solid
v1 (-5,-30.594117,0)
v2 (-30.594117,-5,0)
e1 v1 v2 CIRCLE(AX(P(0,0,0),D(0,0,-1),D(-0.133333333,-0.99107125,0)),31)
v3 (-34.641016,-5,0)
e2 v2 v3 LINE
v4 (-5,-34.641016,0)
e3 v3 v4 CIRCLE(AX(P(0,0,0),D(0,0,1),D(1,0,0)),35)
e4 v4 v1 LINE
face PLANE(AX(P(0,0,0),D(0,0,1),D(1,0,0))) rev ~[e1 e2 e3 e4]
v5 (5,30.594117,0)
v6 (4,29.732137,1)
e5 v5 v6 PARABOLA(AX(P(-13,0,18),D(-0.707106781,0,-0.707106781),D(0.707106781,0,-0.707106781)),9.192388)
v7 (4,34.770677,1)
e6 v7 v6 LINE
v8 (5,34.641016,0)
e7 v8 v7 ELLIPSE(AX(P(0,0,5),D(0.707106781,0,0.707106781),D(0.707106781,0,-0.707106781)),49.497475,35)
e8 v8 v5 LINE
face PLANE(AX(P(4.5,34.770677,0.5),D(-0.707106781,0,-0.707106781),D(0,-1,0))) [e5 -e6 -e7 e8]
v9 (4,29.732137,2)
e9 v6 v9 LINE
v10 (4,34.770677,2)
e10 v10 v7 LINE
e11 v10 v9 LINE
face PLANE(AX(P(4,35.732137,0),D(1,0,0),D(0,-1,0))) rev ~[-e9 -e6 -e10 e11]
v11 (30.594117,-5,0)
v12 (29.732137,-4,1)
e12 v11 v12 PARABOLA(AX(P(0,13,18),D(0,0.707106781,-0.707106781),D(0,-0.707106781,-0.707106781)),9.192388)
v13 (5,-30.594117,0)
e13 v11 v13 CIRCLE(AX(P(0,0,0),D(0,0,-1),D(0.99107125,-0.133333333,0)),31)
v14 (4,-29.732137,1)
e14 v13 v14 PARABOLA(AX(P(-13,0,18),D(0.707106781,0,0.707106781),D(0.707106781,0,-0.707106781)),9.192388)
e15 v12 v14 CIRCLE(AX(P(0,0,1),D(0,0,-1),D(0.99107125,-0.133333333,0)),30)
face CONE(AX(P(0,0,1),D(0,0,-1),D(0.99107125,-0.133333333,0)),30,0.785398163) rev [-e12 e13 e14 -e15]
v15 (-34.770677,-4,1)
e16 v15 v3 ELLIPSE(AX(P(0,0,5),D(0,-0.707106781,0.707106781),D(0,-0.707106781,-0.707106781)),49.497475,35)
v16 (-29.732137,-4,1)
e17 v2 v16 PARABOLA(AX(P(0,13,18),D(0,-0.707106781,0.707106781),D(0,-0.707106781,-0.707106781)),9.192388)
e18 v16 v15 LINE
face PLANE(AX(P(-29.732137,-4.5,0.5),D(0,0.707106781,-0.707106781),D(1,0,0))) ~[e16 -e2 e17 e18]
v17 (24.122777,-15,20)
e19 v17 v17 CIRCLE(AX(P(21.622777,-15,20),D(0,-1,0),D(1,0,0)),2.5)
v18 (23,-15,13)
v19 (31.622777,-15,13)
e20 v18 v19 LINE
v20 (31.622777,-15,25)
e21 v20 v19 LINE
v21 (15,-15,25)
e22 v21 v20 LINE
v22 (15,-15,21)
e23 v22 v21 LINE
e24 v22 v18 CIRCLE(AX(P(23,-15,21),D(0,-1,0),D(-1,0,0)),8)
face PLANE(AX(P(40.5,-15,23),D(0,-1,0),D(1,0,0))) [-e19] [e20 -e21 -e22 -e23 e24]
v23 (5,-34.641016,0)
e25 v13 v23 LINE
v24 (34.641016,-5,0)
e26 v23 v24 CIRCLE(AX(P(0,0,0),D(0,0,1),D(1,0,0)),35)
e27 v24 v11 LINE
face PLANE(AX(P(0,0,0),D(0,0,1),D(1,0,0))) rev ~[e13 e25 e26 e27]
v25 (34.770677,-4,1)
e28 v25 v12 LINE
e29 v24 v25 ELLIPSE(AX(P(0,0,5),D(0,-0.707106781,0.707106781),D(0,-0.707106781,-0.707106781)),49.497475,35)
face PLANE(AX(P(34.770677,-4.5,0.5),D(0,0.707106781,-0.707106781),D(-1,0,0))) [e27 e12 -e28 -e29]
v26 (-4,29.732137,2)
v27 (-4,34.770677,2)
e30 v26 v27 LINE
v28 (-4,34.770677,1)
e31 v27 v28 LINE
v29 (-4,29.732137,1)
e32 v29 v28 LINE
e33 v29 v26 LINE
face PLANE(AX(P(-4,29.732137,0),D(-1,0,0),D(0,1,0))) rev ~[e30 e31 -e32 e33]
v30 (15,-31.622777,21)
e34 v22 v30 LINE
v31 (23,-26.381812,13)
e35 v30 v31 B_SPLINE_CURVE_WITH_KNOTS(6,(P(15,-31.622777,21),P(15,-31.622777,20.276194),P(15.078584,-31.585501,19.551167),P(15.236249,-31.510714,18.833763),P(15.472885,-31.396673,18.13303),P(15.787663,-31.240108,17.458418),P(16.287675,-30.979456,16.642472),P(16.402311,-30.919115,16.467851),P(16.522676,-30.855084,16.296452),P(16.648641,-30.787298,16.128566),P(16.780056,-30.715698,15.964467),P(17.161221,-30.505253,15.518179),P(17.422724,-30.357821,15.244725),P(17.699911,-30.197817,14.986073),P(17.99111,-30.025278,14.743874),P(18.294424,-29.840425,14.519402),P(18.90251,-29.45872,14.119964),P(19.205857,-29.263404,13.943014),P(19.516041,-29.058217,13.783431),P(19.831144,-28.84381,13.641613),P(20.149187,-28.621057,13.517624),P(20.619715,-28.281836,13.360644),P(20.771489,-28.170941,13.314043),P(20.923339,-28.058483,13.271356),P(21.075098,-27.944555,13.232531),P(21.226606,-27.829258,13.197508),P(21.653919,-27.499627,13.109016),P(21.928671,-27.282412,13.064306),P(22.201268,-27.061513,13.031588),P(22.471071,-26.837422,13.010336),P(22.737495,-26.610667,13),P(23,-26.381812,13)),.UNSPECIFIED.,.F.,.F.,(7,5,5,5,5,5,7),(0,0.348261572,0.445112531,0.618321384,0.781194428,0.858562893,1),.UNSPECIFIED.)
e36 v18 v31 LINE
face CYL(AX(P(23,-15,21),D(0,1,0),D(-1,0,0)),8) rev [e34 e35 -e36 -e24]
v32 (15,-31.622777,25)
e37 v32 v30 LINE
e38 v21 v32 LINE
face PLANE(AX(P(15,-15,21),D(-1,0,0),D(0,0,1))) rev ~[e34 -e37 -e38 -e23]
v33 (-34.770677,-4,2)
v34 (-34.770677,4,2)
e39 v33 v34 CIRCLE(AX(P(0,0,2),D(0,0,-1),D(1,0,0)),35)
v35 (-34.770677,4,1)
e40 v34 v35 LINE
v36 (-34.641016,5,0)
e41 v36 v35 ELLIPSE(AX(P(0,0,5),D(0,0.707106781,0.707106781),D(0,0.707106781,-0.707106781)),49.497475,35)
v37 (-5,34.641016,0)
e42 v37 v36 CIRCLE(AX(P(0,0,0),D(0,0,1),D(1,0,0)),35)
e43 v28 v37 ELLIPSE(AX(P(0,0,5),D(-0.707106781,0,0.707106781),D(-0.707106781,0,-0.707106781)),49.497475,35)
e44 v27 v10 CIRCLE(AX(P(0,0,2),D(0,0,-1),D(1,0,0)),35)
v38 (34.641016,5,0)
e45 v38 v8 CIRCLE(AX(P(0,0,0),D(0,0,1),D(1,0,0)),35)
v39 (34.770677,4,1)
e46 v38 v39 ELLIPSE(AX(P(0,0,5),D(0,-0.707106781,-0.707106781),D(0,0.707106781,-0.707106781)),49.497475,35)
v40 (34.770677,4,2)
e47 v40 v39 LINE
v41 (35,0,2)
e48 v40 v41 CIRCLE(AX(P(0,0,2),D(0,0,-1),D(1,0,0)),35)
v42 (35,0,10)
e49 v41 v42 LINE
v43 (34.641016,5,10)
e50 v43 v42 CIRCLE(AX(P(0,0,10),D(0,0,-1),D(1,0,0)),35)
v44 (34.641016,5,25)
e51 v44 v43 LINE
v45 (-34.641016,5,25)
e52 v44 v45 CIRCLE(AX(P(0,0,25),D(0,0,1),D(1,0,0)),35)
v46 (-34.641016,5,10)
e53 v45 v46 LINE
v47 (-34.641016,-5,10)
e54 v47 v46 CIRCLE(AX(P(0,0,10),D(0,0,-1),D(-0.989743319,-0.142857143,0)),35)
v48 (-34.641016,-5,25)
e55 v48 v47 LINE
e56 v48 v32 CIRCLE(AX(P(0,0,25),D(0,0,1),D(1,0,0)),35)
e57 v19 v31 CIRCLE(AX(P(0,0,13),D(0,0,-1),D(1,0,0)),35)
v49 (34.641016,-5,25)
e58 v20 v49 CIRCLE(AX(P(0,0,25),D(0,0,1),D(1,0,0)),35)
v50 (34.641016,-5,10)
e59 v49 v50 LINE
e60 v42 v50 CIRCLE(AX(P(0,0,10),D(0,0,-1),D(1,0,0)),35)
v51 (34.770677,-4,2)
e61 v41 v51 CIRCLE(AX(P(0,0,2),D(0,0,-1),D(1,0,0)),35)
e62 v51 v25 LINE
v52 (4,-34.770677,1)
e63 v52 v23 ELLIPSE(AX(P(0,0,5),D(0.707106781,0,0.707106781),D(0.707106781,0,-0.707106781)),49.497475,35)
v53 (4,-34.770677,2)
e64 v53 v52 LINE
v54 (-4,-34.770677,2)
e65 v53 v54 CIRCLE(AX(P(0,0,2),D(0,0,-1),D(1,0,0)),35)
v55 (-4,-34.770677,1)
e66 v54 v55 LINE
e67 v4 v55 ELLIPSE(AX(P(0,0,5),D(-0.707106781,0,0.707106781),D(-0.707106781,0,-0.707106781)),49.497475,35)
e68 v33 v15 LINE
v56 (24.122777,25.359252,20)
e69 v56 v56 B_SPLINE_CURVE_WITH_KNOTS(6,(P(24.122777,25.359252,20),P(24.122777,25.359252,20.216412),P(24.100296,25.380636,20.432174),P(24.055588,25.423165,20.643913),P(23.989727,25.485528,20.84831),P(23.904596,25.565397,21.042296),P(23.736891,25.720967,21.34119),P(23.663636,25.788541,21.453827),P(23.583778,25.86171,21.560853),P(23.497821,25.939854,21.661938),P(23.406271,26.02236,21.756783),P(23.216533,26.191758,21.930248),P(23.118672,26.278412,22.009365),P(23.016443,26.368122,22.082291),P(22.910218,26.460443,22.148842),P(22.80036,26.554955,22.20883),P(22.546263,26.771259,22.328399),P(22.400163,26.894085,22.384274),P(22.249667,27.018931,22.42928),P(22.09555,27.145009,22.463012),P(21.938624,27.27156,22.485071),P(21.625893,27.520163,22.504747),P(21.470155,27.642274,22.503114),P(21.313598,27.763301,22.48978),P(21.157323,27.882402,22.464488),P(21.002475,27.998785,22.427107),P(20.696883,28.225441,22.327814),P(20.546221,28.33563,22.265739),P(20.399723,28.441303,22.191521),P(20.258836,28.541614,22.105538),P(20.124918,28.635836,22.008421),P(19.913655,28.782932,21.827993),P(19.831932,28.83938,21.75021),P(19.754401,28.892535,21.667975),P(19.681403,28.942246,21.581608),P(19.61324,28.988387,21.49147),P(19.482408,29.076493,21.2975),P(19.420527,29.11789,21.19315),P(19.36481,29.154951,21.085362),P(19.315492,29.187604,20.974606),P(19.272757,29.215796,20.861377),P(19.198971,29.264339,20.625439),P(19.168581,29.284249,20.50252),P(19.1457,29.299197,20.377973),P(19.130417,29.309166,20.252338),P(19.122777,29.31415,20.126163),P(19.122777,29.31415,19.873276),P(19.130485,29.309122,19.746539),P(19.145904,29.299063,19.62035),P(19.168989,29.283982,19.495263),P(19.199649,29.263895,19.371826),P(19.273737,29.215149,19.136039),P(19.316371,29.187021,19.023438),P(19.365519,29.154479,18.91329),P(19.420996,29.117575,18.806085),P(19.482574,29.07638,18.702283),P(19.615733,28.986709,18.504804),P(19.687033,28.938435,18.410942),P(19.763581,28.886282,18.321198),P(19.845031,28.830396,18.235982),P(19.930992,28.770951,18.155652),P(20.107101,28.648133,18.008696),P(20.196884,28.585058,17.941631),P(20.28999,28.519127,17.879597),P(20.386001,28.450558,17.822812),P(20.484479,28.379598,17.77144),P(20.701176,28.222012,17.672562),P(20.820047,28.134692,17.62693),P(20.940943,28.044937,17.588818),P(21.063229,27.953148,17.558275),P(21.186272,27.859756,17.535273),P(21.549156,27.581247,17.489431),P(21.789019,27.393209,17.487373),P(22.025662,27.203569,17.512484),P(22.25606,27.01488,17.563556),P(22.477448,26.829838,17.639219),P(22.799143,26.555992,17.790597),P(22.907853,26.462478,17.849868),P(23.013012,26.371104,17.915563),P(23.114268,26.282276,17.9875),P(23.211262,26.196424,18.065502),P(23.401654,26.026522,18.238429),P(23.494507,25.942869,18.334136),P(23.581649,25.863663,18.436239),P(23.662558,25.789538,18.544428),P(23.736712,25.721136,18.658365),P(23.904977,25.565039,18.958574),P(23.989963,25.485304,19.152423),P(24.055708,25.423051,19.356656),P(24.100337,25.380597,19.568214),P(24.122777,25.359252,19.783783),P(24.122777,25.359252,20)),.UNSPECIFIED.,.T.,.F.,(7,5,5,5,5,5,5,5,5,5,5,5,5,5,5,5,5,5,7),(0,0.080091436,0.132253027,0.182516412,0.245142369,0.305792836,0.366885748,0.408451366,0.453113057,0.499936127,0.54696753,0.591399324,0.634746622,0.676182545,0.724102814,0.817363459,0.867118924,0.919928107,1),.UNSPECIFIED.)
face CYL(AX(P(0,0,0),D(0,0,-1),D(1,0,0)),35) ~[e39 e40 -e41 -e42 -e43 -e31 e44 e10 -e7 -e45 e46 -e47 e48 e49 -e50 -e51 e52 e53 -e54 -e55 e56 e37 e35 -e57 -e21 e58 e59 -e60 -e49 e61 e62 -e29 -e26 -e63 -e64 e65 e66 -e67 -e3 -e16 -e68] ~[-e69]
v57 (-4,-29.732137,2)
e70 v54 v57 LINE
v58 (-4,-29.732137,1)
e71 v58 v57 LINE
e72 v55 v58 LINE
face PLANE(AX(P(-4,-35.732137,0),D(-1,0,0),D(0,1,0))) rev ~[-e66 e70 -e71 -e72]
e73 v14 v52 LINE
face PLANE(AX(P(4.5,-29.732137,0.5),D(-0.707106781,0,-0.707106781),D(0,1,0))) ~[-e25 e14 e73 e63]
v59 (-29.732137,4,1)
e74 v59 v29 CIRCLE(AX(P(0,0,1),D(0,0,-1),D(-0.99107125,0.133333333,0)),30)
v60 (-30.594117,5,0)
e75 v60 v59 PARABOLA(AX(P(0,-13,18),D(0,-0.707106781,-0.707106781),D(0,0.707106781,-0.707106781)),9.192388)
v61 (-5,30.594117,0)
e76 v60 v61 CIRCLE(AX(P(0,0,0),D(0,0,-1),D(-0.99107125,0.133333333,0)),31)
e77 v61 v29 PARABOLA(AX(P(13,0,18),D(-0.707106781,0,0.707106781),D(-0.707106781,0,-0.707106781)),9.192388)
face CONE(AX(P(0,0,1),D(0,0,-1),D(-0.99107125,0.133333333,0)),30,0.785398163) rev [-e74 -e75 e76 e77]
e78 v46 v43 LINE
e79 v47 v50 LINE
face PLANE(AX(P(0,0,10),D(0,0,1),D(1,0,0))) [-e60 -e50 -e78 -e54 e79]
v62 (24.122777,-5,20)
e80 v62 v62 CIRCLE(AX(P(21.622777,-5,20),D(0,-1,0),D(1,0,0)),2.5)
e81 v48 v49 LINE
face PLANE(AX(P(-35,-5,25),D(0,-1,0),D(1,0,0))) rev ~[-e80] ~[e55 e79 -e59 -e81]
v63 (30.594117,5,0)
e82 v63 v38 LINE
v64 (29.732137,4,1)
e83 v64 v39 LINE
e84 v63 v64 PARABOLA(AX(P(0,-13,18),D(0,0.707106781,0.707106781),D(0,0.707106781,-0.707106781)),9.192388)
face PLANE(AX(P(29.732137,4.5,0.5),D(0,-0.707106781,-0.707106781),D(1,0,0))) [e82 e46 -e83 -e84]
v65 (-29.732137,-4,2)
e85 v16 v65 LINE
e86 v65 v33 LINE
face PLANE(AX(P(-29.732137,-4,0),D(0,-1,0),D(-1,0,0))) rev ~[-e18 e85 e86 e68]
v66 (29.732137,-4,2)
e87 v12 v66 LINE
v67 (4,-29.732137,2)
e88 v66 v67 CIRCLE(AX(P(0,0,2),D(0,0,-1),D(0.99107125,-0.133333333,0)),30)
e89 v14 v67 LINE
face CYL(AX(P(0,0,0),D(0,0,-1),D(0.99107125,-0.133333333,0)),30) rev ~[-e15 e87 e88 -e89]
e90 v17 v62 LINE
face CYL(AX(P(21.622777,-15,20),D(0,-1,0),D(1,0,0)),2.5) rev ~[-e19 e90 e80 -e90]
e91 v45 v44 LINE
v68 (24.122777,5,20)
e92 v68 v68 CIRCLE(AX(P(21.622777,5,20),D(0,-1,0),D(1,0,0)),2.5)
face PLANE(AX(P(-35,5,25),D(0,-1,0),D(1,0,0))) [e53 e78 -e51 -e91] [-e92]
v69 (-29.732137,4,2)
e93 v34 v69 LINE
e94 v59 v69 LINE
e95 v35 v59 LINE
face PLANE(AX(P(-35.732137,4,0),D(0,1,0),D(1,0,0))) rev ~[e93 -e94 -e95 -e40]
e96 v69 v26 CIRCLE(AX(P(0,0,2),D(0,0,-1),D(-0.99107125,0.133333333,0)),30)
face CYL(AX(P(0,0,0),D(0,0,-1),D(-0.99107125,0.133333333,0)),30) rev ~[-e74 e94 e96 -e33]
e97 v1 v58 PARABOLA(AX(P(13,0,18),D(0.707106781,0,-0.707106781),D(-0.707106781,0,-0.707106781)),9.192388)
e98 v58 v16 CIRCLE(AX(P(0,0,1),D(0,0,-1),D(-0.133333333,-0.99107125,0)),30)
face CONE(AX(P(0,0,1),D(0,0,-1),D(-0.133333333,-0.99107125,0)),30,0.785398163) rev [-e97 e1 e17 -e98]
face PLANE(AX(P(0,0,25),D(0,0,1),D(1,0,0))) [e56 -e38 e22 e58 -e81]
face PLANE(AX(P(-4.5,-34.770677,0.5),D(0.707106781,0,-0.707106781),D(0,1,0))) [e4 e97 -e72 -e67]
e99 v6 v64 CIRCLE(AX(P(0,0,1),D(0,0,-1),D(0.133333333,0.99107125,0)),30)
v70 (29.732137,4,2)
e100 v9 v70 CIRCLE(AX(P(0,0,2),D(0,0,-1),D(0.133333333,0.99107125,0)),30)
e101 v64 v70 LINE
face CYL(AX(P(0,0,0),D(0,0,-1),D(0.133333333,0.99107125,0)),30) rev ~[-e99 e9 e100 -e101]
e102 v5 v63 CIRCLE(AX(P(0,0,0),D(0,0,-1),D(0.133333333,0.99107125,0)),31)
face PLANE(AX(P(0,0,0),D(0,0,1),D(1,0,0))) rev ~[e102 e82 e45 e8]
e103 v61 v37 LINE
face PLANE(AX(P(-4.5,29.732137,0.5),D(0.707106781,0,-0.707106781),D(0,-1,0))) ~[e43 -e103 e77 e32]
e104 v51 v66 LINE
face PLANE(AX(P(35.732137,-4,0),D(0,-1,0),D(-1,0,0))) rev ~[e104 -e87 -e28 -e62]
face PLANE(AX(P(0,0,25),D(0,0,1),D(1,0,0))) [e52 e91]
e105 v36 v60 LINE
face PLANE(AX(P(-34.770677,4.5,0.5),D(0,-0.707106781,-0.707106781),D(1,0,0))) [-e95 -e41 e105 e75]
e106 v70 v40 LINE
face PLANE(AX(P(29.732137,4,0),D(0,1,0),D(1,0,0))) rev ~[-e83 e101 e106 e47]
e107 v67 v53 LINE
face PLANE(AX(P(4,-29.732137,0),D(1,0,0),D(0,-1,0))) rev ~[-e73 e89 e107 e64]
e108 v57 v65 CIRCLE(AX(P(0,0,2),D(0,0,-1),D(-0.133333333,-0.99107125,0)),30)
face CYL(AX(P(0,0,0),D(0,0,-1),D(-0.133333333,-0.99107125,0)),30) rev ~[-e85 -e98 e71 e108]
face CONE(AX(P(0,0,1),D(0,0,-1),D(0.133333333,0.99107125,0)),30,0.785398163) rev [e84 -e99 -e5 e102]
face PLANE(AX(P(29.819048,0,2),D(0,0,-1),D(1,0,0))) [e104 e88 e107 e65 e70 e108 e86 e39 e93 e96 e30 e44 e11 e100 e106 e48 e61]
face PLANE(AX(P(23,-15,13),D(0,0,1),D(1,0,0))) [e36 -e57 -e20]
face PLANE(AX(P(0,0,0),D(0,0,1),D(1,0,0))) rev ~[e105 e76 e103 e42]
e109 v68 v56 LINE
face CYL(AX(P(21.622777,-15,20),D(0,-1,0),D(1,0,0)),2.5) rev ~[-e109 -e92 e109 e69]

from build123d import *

# Parameters (mm, degrees)
F0_R      = 35
F1_DEPTH  = 25
F2_W      = 70
F2_H      = 10
F3_DEPTH  = 15
F5_W      = 8
F5_H      = 12
F6_DEPTH  = 25
F7_R      = 2.5
F8_DEPTH  = 50
F10_DEPTH = 2
F11_SIZE  = 1


with BuildPart() as f1:
    # F0 (on Top) → F1 (new body)
    with BuildSketch(Plane.XY):
        Circle(F0_R)
    extrude(amount=F1_DEPTH)

    # F2 (on face) → F3 (cut)
    with BuildSketch(Plane.XY.offset(25)):
        Rectangle(F2_W, F2_H)
    extrude(amount=-F3_DEPTH, mode=Mode.SUBTRACT)

    # F5 (on offset) → F6 (cut)
    with BuildSketch(Plane.XZ.offset(15)):
        Polygon((58, 13), (58, 33), (23, 33), (23, 21), (23, 13), align=None)
        with Locations((19, 27)):
            Rectangle(F5_W, F5_H)
        with BuildLine():
            Line((23, 13), (23, 21))
            Line((23, 21), (15, 21))
            ThreePointArc((15, 21), (17.3431457505, 15.3431457505), (23, 13))
        make_face()
    extrude(amount=F6_DEPTH, mode=Mode.SUBTRACT)

    # F7 (on face) → F8 (cut)
    with BuildSketch(Plane.XZ.offset(15)):
        with Locations((21.6227766017, 20)):
            Circle(F7_R)
    extrude(amount=-F8_DEPTH, mode=Mode.SUBTRACT)

    # F9 (on face) → F10 (cut)
    with BuildSketch(Plane(origin=(0, 0, 0), x_dir=(1, 0, 0), z_dir=(0, 0, -1))):
        with BuildLine():
            ThreePointArc((29.7321374946, -4), (29.9329594664, -2.0044793789), (30, 0))
            ThreePointArc((30, 0), (29.9329594664, 2.0044793789), (29.7321374946, 4))
            Line((29.7321374946, 4), (29.7321374946, -4))
        make_face()
        with BuildLine():
            ThreePointArc((29.7321374946, 4), (29.9329594664, 2.0044793789), (30, 0))
            ThreePointArc((30, 0), (29.9329594664, -2.0044793789), (29.7321374946, -4))
            Line((29.7321374946, -4), (35.7321374946, -4))
            Line((35.7321374946, -4), (35.7321374946, 4))
            Line((35.7321374946, 4), (29.7321374946, 4))
        make_face()
        with BuildLine():
            Line((29.7321374946, -4), (29.7321374946, 4))
            ThreePointArc((29.7321374946, 4), (21.2132034356, 21.2132034356), (4, 29.7321374946))
            Line((4, 29.7321374946), (-4, 29.7321374946))
            ThreePointArc((-4, 29.7321374946), (-21.2132034356, 21.2132034356), (-29.7321374946, 4))
            Line((-29.7321374946, 4), (-29.7321374946, -4))
            ThreePointArc((-29.7321374946, -4), (-21.2132034356, -21.2132034356), (-4, -29.7321374946))
            Line((-4, -29.7321374946), (4, -29.7321374946))
            ThreePointArc((4, -29.7321374946), (21.2132034356, -21.2132034356), (29.7321374946, -4))
        make_face()
        with BuildLine():
            Line((-4, 29.7321374946), (4, 29.7321374946))
            ThreePointArc((4, 29.7321374946), (0, 30), (-4, 29.7321374946))
        make_face()
        with BuildLine():
            ThreePointArc((-4, 29.7321374946), (0, 30), (4, 29.7321374946))
            Line((4, 29.7321374946), (4, 35.7321374946))
            Line((4, 35.7321374946), (-4, 35.7321374946))
            Line((-4, 35.7321374946), (-4, 29.7321374946))
        make_face()
        with BuildLine():
            Line((4, -35.7321374946), (4, -29.7321374946))
            ThreePointArc((4, -29.7321374946), (0, -30), (-4, -29.7321374946))
            Line((-4, -29.7321374946), (-4, -35.7321374946))
            Line((-4, -35.7321374946), (4, -35.7321374946))
        make_face()
        with BuildLine():
            ThreePointArc((-4, -29.7321374946), (0, -30), (4, -29.7321374946))
            Line((4, -29.7321374946), (-4, -29.7321374946))
        make_face()
        with BuildLine():
            Line((-29.7321374946, -4), (-29.7321374946, 4))
            ThreePointArc((-29.7321374946, 4), (-30, 0), (-29.7321374946, -4))
        make_face()
        with BuildLine():
            ThreePointArc((-29.7321374946, -4), (-30, 0), (-29.7321374946, 4))
            Line((-29.7321374946, 4), (-35.7321374946, 4))
            Line((-35.7321374946, 4), (-35.7321374946, -4))
            Line((-35.7321374946, -4), (-29.7321374946, -4))
        make_face()
    extrude(amount=-F10_DEPTH, mode=Mode.SUBTRACT)

    # F11
    f11_edges = [f1.edges().sort_by_distance(p)[0] for p in [
        (21.213203, -21.213203, 0),
        (-21.213203, -21.213203, 0),
        (21.213203, 21.213203, 0),
        (-21.213203, 21.213203, 0),
        (-32.251407, -4, 0),
        (-32.251407, 4, 0),
        (-4, -32.251407, 0),
        (4, -32.251407, 0),
        (32.251407, -4, 0),
        (32.251407, 4, 0),
        (4, 32.251407, 0),
        (-4, 32.251407, 0),
    ]]
    chamfer(f11_edges, length=F11_SIZE)


solid = f1.part
